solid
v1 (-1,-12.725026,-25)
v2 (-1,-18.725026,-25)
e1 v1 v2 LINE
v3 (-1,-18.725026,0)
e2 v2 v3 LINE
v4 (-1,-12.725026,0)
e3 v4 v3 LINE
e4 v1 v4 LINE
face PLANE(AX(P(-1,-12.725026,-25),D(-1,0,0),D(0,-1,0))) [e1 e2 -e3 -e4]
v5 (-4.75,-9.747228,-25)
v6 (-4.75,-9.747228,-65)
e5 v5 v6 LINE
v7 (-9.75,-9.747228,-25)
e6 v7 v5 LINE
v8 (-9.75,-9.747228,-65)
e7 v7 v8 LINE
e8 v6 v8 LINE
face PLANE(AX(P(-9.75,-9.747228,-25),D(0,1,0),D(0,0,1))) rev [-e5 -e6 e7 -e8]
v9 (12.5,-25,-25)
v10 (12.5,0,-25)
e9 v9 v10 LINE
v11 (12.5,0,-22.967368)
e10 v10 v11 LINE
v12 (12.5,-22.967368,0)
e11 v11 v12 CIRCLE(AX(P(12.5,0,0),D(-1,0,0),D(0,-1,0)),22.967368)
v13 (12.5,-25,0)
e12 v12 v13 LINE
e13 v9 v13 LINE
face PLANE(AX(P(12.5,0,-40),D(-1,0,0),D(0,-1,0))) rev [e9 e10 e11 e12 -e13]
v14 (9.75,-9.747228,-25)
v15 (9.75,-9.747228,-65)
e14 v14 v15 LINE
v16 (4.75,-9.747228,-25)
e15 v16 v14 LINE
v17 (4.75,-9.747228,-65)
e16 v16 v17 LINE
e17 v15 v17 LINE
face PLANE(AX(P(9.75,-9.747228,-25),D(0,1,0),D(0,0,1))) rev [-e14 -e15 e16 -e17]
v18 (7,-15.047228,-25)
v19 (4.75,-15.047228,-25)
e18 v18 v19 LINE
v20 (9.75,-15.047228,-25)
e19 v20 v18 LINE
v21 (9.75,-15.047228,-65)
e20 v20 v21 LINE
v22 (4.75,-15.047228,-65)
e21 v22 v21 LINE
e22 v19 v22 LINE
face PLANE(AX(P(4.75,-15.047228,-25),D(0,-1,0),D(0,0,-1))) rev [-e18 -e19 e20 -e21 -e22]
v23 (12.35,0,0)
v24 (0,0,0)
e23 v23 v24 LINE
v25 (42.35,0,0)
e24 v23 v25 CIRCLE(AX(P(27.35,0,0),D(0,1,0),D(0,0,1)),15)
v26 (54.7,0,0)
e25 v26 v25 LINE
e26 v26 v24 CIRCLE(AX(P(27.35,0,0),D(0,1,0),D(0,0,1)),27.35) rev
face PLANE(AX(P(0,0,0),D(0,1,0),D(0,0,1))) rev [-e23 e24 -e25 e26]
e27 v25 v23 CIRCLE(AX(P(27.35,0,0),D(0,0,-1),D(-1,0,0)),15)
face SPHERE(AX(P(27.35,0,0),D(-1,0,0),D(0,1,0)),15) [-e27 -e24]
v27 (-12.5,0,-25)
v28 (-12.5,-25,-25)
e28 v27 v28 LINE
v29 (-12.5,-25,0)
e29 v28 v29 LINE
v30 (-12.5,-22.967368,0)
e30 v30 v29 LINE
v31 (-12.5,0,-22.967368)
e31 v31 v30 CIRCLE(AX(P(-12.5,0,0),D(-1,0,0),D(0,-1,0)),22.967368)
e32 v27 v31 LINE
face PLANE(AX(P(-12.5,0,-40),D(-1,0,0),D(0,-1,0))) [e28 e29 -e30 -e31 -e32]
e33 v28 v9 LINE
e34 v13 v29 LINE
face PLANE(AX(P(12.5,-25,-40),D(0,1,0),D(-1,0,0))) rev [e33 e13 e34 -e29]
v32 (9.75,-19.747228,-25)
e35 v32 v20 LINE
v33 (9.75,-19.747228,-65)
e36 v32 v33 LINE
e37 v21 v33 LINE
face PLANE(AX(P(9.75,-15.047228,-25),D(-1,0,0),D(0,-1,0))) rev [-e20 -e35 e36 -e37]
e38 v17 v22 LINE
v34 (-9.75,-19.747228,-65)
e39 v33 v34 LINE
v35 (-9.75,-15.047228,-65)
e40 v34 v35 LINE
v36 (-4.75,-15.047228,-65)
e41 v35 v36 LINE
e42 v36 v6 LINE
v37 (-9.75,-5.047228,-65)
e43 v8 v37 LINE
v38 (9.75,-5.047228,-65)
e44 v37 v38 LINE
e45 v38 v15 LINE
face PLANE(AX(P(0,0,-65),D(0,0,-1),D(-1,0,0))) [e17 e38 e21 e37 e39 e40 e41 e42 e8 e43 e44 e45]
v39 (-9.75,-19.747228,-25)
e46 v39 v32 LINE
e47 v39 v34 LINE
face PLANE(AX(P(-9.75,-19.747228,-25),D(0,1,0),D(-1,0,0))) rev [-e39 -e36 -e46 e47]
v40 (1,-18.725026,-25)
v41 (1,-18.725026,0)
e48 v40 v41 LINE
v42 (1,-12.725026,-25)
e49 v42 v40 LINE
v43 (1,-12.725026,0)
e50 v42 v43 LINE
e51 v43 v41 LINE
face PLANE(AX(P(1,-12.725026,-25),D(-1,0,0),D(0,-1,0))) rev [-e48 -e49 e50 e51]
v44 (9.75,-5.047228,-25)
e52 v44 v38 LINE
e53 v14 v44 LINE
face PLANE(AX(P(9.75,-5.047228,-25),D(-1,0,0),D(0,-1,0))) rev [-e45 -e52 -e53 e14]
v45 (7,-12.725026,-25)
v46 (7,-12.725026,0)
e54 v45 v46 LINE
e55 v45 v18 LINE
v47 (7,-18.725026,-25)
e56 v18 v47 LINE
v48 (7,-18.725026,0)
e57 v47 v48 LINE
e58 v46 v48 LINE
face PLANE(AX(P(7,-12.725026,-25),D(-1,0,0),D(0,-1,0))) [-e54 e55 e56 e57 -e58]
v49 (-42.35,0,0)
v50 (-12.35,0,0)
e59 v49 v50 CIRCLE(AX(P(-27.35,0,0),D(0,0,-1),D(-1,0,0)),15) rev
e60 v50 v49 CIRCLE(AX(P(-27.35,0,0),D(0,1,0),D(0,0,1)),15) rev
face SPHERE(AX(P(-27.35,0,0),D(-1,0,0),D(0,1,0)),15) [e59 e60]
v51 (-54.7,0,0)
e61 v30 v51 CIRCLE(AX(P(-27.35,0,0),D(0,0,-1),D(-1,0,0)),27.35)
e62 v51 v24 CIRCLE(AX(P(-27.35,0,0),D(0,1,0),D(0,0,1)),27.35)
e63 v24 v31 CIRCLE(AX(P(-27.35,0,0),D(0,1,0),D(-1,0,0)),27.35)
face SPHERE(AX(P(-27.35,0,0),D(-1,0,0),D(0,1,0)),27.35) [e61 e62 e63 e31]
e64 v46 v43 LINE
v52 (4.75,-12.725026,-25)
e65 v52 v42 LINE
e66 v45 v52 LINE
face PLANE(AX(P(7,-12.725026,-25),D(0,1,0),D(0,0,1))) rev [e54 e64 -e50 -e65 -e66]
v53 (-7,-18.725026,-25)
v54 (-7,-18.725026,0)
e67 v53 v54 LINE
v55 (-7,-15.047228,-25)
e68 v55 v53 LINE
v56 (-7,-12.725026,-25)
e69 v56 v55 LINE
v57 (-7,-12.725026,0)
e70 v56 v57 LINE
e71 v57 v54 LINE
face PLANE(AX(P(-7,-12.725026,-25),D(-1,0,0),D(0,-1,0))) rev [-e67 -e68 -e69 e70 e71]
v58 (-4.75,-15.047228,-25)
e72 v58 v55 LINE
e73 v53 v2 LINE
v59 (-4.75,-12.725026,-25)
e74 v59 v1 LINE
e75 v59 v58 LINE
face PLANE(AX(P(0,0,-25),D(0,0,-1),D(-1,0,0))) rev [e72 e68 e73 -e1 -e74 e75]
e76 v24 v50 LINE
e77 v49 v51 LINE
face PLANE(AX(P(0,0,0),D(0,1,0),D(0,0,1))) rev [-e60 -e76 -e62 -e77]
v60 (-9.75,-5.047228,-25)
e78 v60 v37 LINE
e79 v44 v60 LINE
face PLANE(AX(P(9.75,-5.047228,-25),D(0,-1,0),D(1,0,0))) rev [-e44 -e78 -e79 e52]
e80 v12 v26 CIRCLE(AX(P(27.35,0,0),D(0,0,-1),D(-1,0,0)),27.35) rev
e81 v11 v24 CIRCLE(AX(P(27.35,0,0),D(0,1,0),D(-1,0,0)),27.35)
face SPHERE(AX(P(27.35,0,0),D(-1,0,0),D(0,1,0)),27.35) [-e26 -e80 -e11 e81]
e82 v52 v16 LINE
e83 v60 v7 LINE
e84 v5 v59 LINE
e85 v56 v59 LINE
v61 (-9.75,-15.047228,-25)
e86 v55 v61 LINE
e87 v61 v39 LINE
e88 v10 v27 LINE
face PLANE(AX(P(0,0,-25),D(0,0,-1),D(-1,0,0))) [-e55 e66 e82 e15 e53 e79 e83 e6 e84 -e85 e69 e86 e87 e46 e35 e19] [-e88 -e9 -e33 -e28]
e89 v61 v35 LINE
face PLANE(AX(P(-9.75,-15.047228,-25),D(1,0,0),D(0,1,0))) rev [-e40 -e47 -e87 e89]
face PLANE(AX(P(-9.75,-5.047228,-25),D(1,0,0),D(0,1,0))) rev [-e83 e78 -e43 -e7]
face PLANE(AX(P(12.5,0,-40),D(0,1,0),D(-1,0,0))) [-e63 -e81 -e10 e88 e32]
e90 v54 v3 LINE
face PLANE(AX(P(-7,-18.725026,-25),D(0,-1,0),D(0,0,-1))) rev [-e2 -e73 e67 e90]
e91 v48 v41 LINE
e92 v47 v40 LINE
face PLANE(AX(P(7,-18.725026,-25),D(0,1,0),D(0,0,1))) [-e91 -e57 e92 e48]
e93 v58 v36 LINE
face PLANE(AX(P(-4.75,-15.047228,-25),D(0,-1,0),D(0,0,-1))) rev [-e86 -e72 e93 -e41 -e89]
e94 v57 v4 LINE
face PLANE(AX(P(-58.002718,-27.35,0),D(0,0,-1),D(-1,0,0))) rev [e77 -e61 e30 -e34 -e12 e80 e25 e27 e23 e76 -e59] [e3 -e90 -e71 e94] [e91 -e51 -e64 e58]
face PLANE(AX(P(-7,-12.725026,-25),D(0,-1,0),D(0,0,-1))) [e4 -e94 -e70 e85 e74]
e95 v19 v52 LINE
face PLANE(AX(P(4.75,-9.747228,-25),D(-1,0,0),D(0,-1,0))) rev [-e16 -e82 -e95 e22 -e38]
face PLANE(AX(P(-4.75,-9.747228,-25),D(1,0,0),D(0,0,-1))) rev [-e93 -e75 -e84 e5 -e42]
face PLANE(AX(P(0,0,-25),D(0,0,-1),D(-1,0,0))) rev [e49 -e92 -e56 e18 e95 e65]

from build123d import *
from build123d.topology import SkipClean

# Parameters (mm, degrees)
SKETCH5_W           = 131.802923383
SKETCH5_H           = 32.361272333
CUT_EXTRUDE2_DEPTH  = 27.35
SKETCH7_W           = 25
SKETCH7_H           = 25
BOSS_EXTRUDE1_DEPTH = 40
CUT_EXTRUDE3_START  = -55
SKETCH8_W           = 25
SKETCH8_H           = 25
CUT_EXTRUDE3_DEPTH  = 30
BOSS_EXTRUDE3_START = -40
BOSS_EXTRUDE3_DEPTH = 25
SKETCH10_W          = 6
SKETCH10_H          = 6
CUT_EXTRUDE4_DEPTH  = 25


with BuildPart() as part:
    # Sketch1 → Revolve1 (revolve)
    with BuildSketch(Plane.XY):
        with BuildLine():
            Line((-54.7, 0), (0, 0))
            ThreePointArc((0, 0), (-27.35, 27.35), (-54.7, 0))
        make_face()
        with BuildLine():
            ThreePointArc((0, 0), (27.35, 27.35), (54.7, 0))
            Line((54.7, 0), (0, 0))
        make_face()
    revolve(axis=Axis((0, 0, 0), (1, 0, 0)))

    # Sketch5 → Cut-Extrude2 (cut)
    with SkipClean():  # the faces are left unmerged after this step: merging them gives an invalid solid
        with BuildSketch(Plane(origin=(0, 0, 0), x_dir=(1, 0, 0), z_dir=(0, 1, 0))):
            with Locations((7.898744067, -16.180636167)):
                Rectangle(SKETCH5_W, SKETCH5_H)
        extrude(amount=-CUT_EXTRUDE2_DEPTH, mode=Mode.SUBTRACT)

    # Sketch6 → Revolve2 (revolve)
    with BuildSketch(Plane.XY):
        with BuildLine():
            Line((-42.35, 0), (-12.35, 0))
            ThreePointArc((-12.35, 0), (-27.35, 15), (-42.35, 0))
        make_face()
        with BuildLine():
            ThreePointArc((12.35, 0), (27.35, 15), (42.35, 0))
            Line((42.35, 0), (12.35, 0))
        make_face()
    revolve(axis=Axis((-88.182993462, 0, 0), (1, 0, 0)))

    # Sketch7 → Boss-Extrude1 (add)
    with BuildSketch(Plane.XY):
        with Locations((0, -12.5)):
            Rectangle(SKETCH7_W, SKETCH7_H)
    extrude(amount=-BOSS_EXTRUDE1_DEPTH)

    # Sketch8 → Cut-Extrude3 (cut)
    with BuildSketch(Plane.XY.offset(CUT_EXTRUDE3_START)):
        with Locations((0, -12.5)):
            Rectangle(SKETCH8_W, SKETCH8_H)
        Polygon((9.75, -5.047227516), (-9.75, -5.047227516), (-9.75, -9.747227516), (-4.75, -9.747227516), (-4.75, -15.047227516), (-9.75, -15.047227516), (-9.75, -19.747227516), (9.75, -19.747227516), (9.75, -15.047227516), (4.75, -15.047227516), (4.75, -9.747227516), (9.75, -9.747227516), align=None, mode=Mode.SUBTRACT)
    extrude(amount=CUT_EXTRUDE3_DEPTH, mode=Mode.SUBTRACT)

    # Sketch9 → Boss-Extrude3 (add)
    with BuildSketch(Plane.XY.offset(BOSS_EXTRUDE3_START)):
        Polygon((9.75, -5.047227516), (9.75, -9.747227516), (4.75, -9.747227516), (4.75, -15.047227516), (9.75, -15.047227516), (9.75, -19.747227516), (-9.75, -19.747227516), (-9.75, -15.047227516), (-4.75, -15.047227516), (-4.75, -9.747227516), (-9.75, -9.747227516), (-9.75, -5.047227516), align=None)
    extrude(amount=-BOSS_EXTRUDE3_DEPTH)

    # Sketch10 → Cut-Extrude4 (cut)
    with BuildSketch(Plane.XY):
        with Locations((4, -15.725025673)):
            Rectangle(SKETCH10_W, SKETCH10_H)
        with Locations((-4, -15.725025673)):
            Rectangle(SKETCH10_W, SKETCH10_H)
    extrude(amount=-CUT_EXTRUDE4_DEPTH, mode=Mode.SUBTRACT)


solid = part.part
